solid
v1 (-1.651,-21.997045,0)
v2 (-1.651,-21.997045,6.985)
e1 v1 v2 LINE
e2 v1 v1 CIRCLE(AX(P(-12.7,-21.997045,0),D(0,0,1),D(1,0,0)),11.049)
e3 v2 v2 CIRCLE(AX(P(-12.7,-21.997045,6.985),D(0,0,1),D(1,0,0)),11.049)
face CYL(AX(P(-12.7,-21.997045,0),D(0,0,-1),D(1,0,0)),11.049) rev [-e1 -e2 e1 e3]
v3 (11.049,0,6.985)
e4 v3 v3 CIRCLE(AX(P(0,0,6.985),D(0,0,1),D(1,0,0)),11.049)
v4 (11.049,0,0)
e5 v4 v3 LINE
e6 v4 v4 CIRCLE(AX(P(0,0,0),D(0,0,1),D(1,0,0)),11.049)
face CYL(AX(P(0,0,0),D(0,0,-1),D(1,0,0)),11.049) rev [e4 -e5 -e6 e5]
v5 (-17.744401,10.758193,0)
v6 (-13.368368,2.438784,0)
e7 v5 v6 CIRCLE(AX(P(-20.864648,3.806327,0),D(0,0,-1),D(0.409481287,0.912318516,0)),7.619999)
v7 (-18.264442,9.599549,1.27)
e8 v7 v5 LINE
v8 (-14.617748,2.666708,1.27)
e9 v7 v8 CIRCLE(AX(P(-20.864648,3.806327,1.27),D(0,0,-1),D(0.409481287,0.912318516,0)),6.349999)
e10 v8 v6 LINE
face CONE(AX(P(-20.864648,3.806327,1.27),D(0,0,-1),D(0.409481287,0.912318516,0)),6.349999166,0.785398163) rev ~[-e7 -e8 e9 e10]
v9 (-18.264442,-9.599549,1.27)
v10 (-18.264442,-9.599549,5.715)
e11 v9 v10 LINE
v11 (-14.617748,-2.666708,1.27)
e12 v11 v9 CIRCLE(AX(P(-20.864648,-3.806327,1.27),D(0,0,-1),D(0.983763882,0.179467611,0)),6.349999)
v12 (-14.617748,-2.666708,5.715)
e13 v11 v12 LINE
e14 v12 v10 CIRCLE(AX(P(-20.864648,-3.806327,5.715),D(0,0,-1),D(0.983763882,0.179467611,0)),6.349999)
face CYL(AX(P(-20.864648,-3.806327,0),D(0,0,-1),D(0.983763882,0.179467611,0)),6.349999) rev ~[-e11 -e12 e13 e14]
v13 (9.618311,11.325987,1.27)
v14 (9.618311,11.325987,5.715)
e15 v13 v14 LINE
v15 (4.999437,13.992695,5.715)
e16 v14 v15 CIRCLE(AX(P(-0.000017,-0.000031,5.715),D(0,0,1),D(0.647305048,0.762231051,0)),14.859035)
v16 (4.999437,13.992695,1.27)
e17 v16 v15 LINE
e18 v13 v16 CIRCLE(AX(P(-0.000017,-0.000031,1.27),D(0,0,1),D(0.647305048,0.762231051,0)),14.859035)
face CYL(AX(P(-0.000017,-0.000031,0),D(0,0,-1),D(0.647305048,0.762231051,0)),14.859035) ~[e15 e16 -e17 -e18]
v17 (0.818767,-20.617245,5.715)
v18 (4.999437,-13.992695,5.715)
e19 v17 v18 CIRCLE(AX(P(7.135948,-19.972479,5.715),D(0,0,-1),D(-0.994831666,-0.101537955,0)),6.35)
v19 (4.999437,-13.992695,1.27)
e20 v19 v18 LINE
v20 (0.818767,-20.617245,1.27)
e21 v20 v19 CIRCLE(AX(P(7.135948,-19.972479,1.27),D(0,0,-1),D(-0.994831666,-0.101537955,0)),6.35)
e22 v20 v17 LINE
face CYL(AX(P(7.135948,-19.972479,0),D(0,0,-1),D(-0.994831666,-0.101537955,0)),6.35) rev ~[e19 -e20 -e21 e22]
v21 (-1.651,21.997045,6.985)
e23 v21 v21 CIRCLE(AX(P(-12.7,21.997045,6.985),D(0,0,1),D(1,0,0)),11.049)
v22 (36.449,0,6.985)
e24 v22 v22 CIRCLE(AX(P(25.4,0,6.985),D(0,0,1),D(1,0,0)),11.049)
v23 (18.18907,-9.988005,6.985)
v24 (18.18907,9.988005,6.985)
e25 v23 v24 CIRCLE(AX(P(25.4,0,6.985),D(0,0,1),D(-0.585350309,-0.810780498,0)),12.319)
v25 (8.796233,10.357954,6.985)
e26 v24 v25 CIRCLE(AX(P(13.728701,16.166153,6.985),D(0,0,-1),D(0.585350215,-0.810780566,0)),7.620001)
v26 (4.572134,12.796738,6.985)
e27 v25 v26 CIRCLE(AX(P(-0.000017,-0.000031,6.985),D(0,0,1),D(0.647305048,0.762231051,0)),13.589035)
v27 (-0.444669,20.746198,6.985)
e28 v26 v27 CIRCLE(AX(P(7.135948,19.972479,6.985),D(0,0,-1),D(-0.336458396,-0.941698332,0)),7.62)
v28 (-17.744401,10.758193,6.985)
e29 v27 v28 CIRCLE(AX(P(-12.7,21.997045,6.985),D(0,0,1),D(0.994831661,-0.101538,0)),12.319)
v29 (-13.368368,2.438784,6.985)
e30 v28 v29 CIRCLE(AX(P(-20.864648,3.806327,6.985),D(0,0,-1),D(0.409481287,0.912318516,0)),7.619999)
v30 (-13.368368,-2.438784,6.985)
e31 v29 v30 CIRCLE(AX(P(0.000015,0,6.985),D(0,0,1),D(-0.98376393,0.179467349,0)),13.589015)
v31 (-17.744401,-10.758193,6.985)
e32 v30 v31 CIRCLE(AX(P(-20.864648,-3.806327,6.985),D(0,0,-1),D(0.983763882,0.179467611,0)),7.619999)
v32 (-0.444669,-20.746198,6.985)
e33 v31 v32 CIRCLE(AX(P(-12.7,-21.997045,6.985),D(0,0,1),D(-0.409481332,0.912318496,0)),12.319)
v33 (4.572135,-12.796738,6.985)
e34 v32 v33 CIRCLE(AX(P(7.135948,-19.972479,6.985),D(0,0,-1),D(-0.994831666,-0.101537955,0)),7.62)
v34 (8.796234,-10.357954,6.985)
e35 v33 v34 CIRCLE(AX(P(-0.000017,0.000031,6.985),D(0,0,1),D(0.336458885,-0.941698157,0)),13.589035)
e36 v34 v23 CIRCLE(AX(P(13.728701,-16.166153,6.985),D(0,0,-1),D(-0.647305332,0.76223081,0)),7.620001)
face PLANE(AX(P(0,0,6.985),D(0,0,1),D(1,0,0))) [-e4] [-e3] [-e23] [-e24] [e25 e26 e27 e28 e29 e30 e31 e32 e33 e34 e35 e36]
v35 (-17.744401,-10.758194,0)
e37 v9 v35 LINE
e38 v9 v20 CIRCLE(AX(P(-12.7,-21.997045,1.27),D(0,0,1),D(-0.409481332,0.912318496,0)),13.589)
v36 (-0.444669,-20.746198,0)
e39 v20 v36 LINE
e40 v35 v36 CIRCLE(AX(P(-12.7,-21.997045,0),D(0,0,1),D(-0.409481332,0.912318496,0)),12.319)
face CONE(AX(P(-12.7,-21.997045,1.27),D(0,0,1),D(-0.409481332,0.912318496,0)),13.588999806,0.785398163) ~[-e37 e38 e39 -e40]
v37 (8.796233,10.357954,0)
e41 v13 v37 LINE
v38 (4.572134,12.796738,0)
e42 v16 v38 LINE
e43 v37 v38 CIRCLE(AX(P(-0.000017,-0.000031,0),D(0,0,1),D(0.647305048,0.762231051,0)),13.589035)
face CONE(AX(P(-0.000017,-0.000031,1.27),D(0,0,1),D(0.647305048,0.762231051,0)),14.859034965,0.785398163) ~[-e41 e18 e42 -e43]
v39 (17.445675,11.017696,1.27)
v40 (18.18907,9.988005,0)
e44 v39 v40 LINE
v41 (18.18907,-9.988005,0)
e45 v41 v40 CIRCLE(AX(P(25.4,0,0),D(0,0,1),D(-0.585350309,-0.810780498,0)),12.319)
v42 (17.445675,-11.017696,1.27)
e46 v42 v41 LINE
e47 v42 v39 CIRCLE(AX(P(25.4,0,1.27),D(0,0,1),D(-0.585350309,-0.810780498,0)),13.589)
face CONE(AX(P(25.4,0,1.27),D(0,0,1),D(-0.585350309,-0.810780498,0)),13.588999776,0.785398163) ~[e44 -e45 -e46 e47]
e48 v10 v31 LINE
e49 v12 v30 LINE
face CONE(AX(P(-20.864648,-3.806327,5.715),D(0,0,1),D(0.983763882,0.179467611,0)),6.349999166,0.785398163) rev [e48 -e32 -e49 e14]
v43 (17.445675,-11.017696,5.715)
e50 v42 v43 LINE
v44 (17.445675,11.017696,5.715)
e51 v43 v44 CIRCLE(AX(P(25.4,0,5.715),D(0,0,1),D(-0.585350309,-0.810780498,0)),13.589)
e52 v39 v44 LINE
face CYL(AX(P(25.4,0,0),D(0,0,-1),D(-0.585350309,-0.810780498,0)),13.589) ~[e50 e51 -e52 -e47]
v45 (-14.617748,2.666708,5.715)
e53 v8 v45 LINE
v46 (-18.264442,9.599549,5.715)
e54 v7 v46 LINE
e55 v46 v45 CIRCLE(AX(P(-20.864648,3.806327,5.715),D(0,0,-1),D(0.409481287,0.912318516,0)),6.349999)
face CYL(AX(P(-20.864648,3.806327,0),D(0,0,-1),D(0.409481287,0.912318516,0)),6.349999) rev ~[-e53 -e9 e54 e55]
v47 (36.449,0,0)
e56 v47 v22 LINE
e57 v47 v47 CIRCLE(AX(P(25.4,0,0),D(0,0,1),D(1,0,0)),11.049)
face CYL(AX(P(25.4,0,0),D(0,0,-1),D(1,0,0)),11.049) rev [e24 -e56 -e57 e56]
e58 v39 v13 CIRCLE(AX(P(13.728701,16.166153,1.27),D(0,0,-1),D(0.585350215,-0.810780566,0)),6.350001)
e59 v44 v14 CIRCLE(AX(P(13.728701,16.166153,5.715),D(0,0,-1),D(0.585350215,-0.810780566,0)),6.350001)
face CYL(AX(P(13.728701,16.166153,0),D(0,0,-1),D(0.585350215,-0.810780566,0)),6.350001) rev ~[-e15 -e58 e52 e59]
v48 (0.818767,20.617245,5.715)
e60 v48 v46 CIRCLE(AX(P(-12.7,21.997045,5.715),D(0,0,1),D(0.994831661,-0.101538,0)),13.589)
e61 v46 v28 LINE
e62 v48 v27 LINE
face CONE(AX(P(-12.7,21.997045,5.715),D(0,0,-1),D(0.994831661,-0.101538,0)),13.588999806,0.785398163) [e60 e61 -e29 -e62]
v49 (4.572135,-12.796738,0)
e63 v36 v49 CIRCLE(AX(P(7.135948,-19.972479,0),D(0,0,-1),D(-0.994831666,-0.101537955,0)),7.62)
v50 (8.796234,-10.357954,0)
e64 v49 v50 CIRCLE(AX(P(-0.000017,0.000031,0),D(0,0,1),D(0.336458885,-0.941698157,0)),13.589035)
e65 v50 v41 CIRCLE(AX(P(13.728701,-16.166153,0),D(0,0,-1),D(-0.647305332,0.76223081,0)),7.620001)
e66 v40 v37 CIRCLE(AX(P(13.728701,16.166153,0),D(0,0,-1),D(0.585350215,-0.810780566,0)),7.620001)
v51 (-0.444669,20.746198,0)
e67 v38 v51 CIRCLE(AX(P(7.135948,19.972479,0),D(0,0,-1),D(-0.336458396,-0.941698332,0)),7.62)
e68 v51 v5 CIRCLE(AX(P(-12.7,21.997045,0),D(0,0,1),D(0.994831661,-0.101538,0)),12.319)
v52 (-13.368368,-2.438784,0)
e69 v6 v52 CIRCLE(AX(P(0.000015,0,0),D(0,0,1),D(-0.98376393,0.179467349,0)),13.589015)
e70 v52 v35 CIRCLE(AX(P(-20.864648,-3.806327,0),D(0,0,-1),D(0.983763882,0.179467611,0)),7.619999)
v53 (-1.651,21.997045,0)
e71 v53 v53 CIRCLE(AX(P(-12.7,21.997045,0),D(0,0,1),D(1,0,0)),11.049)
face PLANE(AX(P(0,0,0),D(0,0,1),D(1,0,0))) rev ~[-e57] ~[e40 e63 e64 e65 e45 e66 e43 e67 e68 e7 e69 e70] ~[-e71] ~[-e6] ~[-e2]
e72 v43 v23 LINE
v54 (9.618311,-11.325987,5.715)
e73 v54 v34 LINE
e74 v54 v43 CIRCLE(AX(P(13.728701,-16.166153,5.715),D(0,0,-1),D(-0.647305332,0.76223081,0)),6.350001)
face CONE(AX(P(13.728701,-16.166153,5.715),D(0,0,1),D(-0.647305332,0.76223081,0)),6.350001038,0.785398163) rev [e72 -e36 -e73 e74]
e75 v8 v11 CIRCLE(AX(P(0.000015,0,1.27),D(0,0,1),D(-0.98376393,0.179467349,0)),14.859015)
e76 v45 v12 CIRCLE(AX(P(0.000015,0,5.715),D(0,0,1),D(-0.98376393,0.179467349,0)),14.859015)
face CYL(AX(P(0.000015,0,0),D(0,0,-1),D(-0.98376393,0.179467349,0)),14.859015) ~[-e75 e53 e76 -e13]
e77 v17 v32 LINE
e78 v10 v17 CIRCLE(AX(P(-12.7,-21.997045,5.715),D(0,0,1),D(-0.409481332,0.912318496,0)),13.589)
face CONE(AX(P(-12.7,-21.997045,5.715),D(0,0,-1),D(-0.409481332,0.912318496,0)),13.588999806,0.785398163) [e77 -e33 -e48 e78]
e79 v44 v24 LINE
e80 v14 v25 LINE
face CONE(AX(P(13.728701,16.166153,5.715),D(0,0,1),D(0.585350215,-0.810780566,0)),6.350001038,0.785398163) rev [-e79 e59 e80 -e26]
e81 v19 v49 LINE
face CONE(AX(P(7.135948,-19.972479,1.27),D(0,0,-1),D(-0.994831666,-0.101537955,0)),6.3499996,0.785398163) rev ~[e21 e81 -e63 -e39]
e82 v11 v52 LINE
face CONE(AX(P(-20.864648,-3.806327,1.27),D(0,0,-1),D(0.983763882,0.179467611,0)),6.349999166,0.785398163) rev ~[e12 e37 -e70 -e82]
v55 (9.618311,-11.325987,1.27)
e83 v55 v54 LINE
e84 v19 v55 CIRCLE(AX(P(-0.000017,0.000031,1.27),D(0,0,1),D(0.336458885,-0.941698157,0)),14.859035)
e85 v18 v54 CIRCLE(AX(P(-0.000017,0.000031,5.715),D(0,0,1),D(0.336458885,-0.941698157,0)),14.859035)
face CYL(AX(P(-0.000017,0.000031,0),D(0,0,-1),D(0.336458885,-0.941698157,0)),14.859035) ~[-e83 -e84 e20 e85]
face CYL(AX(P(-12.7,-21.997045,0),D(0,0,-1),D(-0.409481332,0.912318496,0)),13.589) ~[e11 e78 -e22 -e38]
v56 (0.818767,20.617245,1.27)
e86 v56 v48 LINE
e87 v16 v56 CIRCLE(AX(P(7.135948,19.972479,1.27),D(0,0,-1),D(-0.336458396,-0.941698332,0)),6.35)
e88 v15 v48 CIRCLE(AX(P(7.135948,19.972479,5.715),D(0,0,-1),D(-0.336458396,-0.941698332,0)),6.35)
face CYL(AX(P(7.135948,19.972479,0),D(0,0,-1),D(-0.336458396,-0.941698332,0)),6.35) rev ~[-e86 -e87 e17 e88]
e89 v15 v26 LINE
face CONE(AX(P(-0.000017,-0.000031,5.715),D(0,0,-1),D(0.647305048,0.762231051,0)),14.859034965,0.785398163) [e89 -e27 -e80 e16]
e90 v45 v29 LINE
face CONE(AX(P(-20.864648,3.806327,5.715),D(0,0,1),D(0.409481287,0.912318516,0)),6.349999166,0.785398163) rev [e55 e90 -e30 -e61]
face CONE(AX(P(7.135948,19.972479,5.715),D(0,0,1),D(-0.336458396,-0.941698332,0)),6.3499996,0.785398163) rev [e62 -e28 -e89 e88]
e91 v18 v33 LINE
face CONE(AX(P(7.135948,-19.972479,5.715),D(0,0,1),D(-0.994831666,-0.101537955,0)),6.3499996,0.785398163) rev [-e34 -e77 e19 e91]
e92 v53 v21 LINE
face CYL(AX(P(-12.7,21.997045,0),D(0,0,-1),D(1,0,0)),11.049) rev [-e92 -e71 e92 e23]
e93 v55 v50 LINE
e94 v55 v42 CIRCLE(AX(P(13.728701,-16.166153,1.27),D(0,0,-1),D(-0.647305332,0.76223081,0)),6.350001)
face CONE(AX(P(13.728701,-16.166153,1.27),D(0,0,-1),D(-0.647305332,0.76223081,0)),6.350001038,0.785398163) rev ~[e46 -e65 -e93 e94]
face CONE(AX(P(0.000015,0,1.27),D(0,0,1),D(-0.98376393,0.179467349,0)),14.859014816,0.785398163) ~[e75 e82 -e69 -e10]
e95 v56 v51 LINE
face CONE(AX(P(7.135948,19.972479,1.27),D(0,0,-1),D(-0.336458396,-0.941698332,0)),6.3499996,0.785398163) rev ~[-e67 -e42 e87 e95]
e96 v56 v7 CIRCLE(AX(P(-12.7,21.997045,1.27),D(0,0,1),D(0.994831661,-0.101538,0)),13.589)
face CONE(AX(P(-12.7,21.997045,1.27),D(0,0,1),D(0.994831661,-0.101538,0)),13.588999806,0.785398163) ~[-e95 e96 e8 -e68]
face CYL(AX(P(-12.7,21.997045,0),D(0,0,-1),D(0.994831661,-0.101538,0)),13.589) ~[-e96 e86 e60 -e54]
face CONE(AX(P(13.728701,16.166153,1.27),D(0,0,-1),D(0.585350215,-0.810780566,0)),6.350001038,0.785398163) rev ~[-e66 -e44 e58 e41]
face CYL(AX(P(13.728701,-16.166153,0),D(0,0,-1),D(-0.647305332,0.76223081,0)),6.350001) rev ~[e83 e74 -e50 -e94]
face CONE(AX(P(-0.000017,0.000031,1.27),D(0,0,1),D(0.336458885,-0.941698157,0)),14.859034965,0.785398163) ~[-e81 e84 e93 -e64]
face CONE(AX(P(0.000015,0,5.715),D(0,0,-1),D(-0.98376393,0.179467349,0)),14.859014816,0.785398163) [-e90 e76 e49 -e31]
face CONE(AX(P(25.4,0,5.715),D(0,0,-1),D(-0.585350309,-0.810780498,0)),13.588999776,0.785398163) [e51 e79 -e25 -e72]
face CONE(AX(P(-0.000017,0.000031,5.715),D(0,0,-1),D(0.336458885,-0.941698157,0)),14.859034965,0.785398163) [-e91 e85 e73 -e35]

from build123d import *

# Parameters (mm, degrees)
F0_R     = 11.049
F1_DEPTH = 6.985
F2_SIZE  = 1.27


with BuildPart() as f1:
    # F0 (on Top) → F1 (new body)
    with BuildSketch(Plane.XY):
        with BuildLine():
            ThreePointArc((4.999437, 13.992695), (1.765902, 16.583511), (0.818767, 20.617245))
            ThreePointArc((0.818767, 20.617245), (-19.4945, 33.765464), (-18.264442, 9.599549))
            ThreePointArc((-18.264442, 9.599549), (-15.244693, 6.762439), (-14.617748, 2.666708))
            ThreePointArc((-14.617748, 2.666708), (-14.859, 0), (-14.617748, -2.666708))
            ThreePointArc((-14.617748, -2.666708), (-15.244693, -6.762439), (-18.264442, -9.599549))
            ThreePointArc((-18.264442, -9.599549), (-19.4945, -33.765464), (0.818767, -20.617245))
            ThreePointArc((0.818767, -20.617245), (1.765902, -16.583511), (4.999437, -13.992695))
            ThreePointArc((4.999437, -13.992695), (7.4295, -12.868271), (9.618311, -11.325987))
            ThreePointArc((9.618311, -11.325987), (13.478791, -9.821072), (17.445675, -11.017696))
            ThreePointArc((17.445675, -11.017696), (38.989, 0), (17.445675, 11.017696))
            ThreePointArc((17.445675, 11.017696), (13.478791, 9.821072), (9.618311, 11.325987))
            ThreePointArc((9.618311, 11.325987), (7.4295, 12.868271), (4.999437, 13.992695))
        make_face()
        with Locations((-12.7, -21.997045)):
            Circle(F0_R, mode=Mode.SUBTRACT)
        Circle(F0_R, mode=Mode.SUBTRACT)
        with Locations((25.4, 0)):
            Circle(F0_R, mode=Mode.SUBTRACT)
        with Locations((-12.7, 21.997045)):
            Circle(F0_R, mode=Mode.SUBTRACT)
    extrude(amount=F1_DEPTH)

    # F2
    f2_edges = [f1.edges().sort_by_distance(p)[0] for p in [
        (-19.4945, -33.765464, 6.985),
        (1.765902, -16.583511, 0),
    ]]
    chamfer(f2_edges, length=F2_SIZE)


solid = f1.part
